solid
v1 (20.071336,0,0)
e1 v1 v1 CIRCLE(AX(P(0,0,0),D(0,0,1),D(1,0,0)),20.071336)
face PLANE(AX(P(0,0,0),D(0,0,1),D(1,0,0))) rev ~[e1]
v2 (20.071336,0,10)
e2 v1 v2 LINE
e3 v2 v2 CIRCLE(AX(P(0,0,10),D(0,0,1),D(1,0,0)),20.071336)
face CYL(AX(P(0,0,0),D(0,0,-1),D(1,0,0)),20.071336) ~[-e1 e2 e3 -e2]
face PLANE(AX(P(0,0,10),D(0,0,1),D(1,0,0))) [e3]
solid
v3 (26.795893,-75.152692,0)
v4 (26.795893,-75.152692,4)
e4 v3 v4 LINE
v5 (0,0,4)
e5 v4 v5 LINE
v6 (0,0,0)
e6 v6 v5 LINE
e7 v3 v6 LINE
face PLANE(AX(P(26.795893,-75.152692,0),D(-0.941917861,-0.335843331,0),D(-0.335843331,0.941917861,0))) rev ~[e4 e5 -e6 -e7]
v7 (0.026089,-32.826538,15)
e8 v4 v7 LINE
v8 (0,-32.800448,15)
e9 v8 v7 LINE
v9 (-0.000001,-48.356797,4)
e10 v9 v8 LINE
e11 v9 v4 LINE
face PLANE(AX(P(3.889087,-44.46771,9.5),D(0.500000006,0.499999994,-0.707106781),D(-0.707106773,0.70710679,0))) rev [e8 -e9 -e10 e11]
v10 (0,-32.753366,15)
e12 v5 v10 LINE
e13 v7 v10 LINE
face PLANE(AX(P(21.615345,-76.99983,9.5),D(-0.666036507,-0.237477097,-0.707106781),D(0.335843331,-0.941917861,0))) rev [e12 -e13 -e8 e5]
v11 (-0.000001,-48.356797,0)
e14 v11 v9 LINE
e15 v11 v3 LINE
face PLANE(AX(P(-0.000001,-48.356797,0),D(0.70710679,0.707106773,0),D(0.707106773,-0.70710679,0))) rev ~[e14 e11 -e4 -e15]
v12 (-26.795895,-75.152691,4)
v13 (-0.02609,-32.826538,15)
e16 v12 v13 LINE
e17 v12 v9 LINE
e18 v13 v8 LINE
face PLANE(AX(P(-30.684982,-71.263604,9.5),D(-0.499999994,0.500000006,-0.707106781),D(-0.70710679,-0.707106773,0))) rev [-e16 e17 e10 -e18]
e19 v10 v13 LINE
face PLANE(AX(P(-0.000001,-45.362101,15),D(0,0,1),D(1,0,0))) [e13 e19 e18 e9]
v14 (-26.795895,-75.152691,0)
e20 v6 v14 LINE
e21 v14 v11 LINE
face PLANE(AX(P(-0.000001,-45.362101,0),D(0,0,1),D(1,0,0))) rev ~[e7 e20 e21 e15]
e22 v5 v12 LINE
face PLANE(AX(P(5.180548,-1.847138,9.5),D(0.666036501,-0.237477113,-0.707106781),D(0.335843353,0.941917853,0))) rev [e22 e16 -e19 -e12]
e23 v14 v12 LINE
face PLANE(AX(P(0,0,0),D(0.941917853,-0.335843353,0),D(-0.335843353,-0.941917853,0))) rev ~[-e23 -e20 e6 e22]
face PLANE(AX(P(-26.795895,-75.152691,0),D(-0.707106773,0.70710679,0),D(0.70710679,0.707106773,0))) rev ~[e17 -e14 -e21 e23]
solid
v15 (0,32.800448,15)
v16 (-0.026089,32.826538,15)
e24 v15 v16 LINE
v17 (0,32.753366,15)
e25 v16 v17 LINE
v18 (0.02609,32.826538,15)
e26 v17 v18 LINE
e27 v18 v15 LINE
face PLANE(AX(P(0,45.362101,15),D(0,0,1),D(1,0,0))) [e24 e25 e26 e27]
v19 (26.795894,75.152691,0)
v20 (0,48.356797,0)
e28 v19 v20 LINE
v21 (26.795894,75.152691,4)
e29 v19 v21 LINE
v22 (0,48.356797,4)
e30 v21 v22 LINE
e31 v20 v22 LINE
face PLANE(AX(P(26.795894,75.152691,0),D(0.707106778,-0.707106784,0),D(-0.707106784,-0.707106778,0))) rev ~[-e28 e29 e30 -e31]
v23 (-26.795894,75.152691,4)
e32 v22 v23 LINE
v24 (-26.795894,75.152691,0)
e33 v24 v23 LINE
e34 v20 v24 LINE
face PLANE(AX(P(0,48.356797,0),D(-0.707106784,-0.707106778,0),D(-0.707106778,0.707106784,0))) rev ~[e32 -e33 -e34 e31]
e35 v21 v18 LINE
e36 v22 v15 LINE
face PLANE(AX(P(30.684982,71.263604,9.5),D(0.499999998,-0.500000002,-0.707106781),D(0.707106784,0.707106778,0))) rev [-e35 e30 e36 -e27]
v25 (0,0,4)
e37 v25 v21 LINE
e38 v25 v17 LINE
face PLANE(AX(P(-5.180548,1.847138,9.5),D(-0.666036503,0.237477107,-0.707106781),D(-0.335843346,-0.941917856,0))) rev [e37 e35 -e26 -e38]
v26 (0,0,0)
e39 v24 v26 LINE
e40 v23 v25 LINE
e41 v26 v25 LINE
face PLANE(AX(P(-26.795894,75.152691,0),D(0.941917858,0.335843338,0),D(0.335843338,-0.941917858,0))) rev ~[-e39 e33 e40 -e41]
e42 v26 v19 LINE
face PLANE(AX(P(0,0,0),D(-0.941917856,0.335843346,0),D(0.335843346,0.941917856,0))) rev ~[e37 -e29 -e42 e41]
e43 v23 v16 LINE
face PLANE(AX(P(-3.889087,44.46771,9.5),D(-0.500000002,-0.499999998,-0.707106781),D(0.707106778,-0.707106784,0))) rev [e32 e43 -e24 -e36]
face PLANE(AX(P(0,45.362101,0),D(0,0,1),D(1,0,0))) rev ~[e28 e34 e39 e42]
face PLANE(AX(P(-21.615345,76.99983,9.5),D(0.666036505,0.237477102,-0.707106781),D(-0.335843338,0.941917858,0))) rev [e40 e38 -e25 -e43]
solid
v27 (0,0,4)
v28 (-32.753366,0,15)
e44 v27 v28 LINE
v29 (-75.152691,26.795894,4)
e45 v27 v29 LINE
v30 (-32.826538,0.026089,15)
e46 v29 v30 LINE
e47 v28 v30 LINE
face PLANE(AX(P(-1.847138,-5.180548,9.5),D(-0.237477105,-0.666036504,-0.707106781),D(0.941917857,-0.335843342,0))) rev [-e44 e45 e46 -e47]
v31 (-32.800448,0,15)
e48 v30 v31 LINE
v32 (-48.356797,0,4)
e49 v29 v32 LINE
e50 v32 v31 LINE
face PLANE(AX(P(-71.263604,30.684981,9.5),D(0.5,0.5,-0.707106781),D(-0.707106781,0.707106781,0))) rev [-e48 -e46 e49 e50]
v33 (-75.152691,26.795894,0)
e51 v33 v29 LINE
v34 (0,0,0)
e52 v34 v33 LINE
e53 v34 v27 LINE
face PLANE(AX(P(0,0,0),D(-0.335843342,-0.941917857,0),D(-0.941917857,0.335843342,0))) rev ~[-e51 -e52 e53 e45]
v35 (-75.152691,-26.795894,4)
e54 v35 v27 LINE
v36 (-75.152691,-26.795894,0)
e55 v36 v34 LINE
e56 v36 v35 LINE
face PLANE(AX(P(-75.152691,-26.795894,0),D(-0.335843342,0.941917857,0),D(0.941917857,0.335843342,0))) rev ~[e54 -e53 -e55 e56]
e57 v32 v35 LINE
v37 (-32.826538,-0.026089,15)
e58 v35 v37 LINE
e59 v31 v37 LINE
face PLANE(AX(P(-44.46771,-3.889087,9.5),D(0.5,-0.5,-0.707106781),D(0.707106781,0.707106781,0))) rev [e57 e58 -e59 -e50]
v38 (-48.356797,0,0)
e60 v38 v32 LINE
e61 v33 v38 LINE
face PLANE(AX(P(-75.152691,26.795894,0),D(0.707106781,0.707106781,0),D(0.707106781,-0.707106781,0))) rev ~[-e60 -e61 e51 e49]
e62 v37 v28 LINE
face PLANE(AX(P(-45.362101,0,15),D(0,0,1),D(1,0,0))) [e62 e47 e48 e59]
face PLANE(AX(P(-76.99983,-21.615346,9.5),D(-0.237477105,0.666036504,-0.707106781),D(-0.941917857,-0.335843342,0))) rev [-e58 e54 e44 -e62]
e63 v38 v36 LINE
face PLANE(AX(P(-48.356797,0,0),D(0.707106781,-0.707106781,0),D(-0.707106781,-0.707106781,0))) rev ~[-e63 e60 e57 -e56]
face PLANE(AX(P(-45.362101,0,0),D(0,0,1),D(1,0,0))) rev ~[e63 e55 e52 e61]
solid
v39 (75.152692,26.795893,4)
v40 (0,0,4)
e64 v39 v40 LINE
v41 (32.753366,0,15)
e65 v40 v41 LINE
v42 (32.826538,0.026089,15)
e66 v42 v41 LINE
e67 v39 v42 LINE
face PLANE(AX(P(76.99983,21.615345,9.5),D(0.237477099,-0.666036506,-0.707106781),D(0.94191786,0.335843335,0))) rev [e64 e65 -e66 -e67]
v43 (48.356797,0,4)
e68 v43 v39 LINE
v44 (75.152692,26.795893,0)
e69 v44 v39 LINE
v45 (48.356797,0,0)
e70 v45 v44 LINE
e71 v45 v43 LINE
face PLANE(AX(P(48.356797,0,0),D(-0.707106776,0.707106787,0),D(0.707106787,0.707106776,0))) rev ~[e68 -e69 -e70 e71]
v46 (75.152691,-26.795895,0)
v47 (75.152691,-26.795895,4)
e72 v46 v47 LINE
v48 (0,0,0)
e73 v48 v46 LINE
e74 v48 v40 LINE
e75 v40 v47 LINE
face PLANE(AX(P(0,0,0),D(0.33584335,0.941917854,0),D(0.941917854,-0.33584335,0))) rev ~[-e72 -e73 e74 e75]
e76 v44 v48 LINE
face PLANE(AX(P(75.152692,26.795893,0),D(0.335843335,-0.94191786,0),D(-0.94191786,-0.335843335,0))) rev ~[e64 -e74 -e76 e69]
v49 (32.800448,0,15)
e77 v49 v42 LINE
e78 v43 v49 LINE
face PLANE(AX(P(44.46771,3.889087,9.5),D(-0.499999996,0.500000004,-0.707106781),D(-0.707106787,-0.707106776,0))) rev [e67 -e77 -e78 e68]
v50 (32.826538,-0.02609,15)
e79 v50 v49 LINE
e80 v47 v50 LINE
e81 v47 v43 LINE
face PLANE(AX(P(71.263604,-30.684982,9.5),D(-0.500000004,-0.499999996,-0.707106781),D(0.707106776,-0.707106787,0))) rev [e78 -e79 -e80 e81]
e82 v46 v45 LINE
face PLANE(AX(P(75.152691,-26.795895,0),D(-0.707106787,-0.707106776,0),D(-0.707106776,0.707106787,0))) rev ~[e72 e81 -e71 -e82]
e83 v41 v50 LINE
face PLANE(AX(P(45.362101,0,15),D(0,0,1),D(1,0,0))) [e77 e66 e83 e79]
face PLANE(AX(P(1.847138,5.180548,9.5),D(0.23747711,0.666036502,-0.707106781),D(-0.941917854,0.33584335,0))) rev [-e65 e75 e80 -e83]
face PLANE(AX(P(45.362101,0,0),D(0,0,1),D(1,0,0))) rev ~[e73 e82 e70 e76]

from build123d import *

# Parameters (mm, degrees)
F1_DEPTH  = 15
F2_SIZE   = 11
F2_2_SIZE = 11
F2_3_SIZE = 11
F2_4_SIZE = 11
F3_R      = 20.0713363814
F4_DEPTH  = 10


with BuildPart() as f1:
    # F0 (on Top) → F1 (new body)
    with BuildSketch(Plane.XY):
        Polygon((75.1526915418, 26.7958933678), (0, 0), (75.1526911157, -26.7958945627), (48.3567973635, -3.844e-07), align=None)
    extrude(amount=F1_DEPTH)

    # F2#2
    f2_2_edges = [f1.edges().sort_by_distance(p)[0] for p in [
        (61.754744, 13.397946, 15),
        (37.576346, 13.397947, 15),
        (37.576346, -13.397947, 15),
        (61.754744, -13.397947, 15),
    ]]
    chamfer(f2_2_edges, length=F2_2_SIZE)


with BuildPart() as f1b:
    # F0 (on Top) → F1, piece 2 (new body)
    with BuildSketch(Plane.XY):
        Polygon((-26.7958936665, 75.1526914352), (0, 0), (26.795894264, 75.1526912222), (1.922e-07, 48.3567973635), align=None)
    extrude(amount=F1_DEPTH)

    # F2#3
    f2_3_edges = [f1b.edges().sort_by_distance(p)[0] for p in [
        (-13.397947, 61.754744, 15),
        (-13.397947, 37.576346, 15),
        (13.397947, 37.576346, 15),
        (13.397947, 61.754744, 15),
    ]]
    chamfer(f2_3_edges, length=F2_3_SIZE)


with BuildPart() as f1c:
    # F0 (on Top) → F1, piece 3 (new body)
    with BuildSketch(Plane.XY):
        Polygon((-75.1526913287, -26.7958939652), (0, 0), (-75.1526913287, 26.7958939652), (-48.3567973635, 0), align=None)
    extrude(amount=F1_DEPTH)

    # F2#4
    f2_4_edges = [f1c.edges().sort_by_distance(p)[0] for p in [
        (-61.754744, -13.397947, 15),
        (-37.576346, -13.397947, 15),
        (-37.576346, 13.397947, 15),
        (-61.754744, 13.397947, 15),
    ]]
    chamfer(f2_4_edges, length=F2_4_SIZE)


with BuildPart() as f1d:
    # F0 (on Top) → F1, piece 4 (new body)
    with BuildSketch(Plane.XY):
        Polygon((26.795893069, -75.1526916483), (0, 0), (-26.7958948614, -75.1526910092), (-5.766e-07, -48.3567973635), align=None)
    extrude(amount=F1_DEPTH)

    # F2
    f2_edges = [f1d.edges().sort_by_distance(p)[0] for p in [
        (13.397946, -61.754745, 15),
        (13.397947, -37.576346, 15),
        (-13.397947, -37.576346, 15),
        (-13.397948, -61.754744, 15),
    ]]
    chamfer(f2_edges, length=F2_SIZE)


with BuildPart() as f4:
    # F3 (on Top) → F4 (new body)
    with BuildSketch(Plane.XY):
        Circle(F3_R)
    extrude(amount=F4_DEPTH)


solid = Compound([f1.part, f1b.part, f1c.part, f1d.part, f4.part])
